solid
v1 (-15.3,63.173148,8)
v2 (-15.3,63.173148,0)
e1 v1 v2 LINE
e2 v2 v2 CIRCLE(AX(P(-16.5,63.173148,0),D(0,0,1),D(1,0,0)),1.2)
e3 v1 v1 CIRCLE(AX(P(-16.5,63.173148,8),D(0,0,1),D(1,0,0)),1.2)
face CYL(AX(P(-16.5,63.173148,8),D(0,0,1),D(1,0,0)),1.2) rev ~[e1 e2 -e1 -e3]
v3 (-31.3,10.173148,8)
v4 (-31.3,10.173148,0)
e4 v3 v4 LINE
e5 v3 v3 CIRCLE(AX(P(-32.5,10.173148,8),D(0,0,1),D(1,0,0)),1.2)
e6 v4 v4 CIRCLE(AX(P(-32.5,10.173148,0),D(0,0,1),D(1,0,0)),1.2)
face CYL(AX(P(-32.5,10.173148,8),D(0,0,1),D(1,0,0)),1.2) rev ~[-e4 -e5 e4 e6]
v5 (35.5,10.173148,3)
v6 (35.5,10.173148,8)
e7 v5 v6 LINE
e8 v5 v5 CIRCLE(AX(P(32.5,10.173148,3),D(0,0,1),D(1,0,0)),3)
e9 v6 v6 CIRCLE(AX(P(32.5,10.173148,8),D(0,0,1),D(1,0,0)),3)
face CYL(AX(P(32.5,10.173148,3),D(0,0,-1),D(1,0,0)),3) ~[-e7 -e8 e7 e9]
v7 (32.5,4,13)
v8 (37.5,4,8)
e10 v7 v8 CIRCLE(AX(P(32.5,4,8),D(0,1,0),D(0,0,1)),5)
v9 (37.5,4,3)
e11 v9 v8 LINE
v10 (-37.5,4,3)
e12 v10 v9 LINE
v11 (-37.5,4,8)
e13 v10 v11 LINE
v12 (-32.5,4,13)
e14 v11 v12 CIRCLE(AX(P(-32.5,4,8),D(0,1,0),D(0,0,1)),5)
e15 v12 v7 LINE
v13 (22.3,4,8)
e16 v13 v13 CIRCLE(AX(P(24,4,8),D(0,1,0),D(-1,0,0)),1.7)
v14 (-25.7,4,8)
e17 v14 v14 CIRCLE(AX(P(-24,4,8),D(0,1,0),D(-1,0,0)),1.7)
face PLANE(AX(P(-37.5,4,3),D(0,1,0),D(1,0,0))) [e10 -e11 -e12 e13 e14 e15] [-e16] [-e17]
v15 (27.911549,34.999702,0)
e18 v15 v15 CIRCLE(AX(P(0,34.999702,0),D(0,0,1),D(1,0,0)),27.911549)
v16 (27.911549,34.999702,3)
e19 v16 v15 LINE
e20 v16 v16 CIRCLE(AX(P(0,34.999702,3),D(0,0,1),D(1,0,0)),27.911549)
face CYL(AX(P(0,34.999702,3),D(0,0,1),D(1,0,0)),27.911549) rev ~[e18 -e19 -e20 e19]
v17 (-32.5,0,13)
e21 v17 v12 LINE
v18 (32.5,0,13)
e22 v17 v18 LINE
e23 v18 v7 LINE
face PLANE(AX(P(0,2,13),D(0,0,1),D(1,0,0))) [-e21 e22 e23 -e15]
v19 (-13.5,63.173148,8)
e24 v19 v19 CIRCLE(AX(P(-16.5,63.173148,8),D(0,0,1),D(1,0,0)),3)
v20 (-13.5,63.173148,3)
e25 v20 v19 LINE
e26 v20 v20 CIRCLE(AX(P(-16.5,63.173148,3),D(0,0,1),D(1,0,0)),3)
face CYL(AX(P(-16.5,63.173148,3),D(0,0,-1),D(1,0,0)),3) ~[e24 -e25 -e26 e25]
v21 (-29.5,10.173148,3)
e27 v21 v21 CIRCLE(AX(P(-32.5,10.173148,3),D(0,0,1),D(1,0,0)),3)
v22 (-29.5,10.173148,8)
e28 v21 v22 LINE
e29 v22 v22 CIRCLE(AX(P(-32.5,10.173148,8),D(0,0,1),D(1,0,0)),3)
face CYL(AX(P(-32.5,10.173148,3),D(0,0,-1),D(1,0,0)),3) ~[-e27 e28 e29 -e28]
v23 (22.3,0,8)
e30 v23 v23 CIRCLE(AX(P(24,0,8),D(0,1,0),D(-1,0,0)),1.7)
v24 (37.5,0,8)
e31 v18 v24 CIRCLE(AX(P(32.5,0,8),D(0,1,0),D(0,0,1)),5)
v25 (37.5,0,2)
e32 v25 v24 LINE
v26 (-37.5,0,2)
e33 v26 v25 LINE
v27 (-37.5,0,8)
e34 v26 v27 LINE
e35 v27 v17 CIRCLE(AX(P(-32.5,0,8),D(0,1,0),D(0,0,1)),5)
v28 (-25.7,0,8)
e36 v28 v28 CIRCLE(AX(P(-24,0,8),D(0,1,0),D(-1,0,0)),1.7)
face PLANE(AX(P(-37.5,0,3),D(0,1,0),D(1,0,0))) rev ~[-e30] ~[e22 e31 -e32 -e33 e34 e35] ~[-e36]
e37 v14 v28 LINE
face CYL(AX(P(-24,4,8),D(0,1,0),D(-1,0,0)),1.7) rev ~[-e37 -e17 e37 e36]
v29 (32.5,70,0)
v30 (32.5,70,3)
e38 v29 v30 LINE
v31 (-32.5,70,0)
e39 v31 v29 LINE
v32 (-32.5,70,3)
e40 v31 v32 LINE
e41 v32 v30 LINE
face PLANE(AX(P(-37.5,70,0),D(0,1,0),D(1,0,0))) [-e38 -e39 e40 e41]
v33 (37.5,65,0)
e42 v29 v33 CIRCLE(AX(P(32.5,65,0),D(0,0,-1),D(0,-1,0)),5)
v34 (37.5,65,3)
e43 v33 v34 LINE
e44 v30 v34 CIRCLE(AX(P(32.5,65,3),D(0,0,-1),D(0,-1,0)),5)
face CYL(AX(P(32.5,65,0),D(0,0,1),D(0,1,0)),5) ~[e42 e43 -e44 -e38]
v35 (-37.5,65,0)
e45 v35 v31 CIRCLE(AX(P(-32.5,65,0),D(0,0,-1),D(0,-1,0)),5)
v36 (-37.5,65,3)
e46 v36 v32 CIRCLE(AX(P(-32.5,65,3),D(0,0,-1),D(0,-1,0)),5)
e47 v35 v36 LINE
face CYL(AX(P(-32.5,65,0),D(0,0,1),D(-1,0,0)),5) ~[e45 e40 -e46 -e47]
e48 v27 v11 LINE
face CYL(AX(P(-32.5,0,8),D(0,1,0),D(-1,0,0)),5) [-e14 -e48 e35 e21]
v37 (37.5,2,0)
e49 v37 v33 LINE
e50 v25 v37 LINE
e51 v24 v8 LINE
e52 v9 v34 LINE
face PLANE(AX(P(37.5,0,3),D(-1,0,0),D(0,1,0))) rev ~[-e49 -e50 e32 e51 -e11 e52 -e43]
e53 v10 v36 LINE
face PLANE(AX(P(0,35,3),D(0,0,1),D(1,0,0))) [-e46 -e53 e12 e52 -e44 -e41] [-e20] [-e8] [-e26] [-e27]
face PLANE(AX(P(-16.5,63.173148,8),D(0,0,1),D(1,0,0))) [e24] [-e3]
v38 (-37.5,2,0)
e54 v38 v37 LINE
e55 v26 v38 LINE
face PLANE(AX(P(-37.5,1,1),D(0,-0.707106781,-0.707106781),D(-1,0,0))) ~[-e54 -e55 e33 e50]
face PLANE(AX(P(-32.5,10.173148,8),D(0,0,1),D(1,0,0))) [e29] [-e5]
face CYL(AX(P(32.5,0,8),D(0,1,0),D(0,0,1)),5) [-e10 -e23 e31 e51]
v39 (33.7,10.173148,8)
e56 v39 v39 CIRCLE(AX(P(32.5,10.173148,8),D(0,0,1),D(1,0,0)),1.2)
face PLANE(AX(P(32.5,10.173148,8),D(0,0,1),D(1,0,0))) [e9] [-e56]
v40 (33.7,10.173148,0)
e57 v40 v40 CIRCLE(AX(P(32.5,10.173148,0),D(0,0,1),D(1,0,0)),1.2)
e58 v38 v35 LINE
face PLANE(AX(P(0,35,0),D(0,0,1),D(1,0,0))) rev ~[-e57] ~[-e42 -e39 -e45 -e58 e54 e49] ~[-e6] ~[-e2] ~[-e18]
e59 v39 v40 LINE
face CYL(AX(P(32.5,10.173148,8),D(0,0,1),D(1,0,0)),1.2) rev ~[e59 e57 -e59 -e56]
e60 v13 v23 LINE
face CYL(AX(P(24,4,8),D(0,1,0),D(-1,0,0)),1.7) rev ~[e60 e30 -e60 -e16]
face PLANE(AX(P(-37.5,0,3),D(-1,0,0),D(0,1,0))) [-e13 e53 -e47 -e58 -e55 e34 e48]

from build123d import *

# Parameters (mm, degrees)
SKETCH_W        = 75
SKETCH_H        = 70
PAD_DEPTH       = 3
SKETCH001_W     = 75
SKETCH001_H     = 4
PAD001_DEPTH    = 10
SKETCH002_R     = 3
PAD002_DEPTH    = 5
SKETCH003_R     = 1.2
POCKET_DEPTH    = 8.001
SKETCH004_R     = 1.7
POCKET001_DEPTH = 5
SKETCH005_R     = 27.911549
POCKET002_DEPTH = 5
FILLET_R        = 5
CHAMFER_SIZE    = 2


with BuildPart() as part:
    # Sketch → Pad (new body)
    with BuildSketch(Plane.XY):
        with Locations((0, 35)):
            Rectangle(SKETCH_W, SKETCH_H)
    extrude(amount=PAD_DEPTH)

    # Sketch001 → Pad001 (new body)
    with BuildSketch(Plane.XY.offset(3)):
        with Locations((0, 2)):
            Rectangle(SKETCH001_W, SKETCH001_H)
    extrude(amount=PAD001_DEPTH)

    # Sketch002 → Pad002 (new body)
    with BuildSketch(Plane.XY.offset(3)):
        with Locations((-16.5, 63.173148)):
            Circle(SKETCH002_R)
        with Locations((32.5, 10.173148)):
            Circle(SKETCH002_R)
        with Locations((-32.5, 10.173148)):
            Circle(SKETCH002_R)
    extrude(amount=PAD002_DEPTH)

    # Sketch003 → Pocket (cut, through all)
    with BuildSketch(Plane.XY.offset(8)):
        with Locations((-16.5, 63.173148)):
            Circle(SKETCH003_R)
        with Locations((32.5, 10.173148)):
            Circle(SKETCH003_R)
        with Locations((-32.5, 10.173148)):
            Circle(SKETCH003_R)
    extrude(amount=-POCKET_DEPTH, mode=Mode.SUBTRACT)

    # Sketch004 → Pocket001 (cut)
    with BuildSketch(Plane(origin=(0, 4, 0), x_dir=(-1, 0, 0), z_dir=(0, 1, 0))):
        with Locations((-24, 8)):
            Circle(SKETCH004_R)
        with Locations((24, 8)):
            Circle(SKETCH004_R)
    extrude(amount=-POCKET001_DEPTH, mode=Mode.SUBTRACT)

    # Sketch005 → Pocket002 (cut)
    with BuildSketch(Plane.XY.offset(3)):
        with Locations((0, 34.999702)):
            Circle(SKETCH005_R)
    extrude(amount=-POCKET002_DEPTH, mode=Mode.SUBTRACT)

    # Fillet
    fillet_edges = [part.edges().sort_by_distance(p)[0] for p in [
        (-37.5, 70, 1.5),
        (37.5, 70, 1.5),
        (37.5, 2, 13),
        (-37.5, 2, 13),
    ]]
    fillet(fillet_edges, radius=FILLET_R)

    # Chamfer
    chamfer_edges = [part.edges().sort_by_distance(p)[0] for p in [
        (0, 0, 0),
    ]]
    chamfer(chamfer_edges, length=CHAMFER_SIZE)


solid = part.part
